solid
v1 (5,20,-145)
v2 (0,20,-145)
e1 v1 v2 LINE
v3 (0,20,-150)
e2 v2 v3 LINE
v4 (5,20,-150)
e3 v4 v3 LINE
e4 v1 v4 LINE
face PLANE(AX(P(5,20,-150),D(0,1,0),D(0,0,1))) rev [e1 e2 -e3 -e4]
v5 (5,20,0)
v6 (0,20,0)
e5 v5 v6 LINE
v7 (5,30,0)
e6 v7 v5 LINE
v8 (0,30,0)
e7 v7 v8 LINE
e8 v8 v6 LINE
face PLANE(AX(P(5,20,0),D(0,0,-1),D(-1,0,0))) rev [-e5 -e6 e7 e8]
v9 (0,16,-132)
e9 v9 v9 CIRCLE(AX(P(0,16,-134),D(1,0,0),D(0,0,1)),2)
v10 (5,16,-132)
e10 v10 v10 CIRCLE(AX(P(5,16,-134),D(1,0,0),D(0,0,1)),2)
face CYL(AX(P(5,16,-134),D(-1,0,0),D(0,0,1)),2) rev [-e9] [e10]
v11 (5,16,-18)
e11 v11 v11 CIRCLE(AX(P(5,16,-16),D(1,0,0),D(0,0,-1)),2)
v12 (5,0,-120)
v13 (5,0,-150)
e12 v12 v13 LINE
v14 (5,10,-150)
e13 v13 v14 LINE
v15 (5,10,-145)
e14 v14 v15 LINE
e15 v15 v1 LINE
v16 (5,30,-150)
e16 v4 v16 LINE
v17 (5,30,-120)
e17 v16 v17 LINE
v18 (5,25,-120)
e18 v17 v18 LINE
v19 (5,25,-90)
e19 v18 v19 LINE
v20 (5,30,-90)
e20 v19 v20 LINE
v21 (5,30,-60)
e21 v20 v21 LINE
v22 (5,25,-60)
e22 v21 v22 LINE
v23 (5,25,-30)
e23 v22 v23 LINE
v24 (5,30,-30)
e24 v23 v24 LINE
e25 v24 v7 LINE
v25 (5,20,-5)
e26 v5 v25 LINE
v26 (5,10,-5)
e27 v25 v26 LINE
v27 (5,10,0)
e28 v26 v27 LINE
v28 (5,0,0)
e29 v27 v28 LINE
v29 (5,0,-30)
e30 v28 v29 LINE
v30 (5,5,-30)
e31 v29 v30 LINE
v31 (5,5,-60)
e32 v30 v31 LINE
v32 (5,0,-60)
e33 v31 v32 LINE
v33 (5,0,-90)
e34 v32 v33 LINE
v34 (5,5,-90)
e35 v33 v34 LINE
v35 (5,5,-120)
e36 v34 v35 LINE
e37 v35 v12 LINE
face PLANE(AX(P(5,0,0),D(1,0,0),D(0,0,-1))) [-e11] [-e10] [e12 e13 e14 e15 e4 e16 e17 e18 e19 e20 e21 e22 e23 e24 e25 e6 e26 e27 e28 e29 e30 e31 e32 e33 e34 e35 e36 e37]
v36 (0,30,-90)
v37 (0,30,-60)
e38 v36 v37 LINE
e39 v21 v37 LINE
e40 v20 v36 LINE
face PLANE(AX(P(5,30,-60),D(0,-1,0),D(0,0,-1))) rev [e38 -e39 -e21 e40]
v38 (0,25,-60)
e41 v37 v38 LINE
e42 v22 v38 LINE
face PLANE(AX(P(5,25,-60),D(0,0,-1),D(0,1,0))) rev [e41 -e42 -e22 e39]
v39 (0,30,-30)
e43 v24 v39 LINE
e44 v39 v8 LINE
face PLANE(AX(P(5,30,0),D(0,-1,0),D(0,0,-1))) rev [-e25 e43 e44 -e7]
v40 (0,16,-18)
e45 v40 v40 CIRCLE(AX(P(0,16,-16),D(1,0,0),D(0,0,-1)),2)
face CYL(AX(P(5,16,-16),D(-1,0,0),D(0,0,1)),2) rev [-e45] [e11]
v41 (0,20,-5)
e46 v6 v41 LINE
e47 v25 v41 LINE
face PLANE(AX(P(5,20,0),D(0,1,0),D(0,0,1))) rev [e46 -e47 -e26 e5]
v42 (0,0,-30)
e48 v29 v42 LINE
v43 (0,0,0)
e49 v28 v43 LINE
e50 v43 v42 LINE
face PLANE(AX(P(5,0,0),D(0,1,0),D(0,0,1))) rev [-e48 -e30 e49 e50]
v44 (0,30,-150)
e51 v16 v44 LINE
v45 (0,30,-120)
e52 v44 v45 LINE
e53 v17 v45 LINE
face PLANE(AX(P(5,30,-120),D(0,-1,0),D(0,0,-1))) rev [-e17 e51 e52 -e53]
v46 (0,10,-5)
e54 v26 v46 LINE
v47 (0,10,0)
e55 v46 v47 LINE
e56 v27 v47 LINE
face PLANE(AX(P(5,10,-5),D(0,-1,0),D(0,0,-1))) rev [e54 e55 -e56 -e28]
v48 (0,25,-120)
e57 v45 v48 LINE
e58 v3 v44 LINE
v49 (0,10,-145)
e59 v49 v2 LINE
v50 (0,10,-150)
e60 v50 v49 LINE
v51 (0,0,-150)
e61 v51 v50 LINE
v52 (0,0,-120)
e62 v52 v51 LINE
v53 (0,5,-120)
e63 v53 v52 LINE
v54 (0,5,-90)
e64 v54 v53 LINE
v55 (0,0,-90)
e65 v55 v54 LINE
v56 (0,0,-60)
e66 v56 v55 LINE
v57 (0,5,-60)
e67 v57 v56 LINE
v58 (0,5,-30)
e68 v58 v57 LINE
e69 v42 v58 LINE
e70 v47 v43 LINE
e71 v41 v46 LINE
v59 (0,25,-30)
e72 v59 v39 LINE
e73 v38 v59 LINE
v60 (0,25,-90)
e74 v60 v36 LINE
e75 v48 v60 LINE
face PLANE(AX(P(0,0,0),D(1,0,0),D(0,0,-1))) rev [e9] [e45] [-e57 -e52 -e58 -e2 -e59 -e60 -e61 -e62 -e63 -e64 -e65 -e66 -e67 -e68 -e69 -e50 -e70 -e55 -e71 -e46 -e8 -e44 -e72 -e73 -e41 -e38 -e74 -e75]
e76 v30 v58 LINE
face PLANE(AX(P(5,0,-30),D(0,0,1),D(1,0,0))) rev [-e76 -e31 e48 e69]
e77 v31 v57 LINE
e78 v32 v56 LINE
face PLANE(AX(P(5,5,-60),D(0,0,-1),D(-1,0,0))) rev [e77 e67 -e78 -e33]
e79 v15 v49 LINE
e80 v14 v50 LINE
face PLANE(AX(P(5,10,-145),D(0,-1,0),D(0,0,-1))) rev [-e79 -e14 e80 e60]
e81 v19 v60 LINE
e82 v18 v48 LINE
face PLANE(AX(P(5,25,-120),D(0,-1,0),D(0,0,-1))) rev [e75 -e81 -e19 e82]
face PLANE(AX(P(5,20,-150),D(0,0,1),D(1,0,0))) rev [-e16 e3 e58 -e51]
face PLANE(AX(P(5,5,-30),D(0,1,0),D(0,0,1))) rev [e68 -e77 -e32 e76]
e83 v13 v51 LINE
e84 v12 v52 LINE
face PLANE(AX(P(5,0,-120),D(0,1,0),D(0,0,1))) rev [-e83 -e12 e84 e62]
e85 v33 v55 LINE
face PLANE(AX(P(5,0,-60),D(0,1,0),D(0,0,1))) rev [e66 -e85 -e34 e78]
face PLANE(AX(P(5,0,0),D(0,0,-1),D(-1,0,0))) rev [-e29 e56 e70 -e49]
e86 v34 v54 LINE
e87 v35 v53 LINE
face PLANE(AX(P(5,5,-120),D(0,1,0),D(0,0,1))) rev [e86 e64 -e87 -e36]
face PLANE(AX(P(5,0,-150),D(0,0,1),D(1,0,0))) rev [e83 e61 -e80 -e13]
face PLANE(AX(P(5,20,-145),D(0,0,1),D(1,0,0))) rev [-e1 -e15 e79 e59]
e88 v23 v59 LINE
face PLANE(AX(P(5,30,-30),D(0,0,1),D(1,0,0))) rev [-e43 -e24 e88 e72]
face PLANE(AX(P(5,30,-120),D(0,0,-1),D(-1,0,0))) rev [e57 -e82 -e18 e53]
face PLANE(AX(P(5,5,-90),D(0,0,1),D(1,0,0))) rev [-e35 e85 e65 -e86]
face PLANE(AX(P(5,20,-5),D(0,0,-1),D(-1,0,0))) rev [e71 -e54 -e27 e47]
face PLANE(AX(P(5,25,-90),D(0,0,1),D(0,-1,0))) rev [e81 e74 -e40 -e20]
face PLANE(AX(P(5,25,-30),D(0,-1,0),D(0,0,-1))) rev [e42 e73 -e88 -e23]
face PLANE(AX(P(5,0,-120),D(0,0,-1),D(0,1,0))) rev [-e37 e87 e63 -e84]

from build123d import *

# Parameters (mm, degrees)
CROQUIS1_R              = 2
SALIENTE_EXTRUIR1_DEPTH = 5


with BuildPart() as part:
    # Croquis1 → Saliente-Extruir1 (new body)
    with BuildSketch(Plane(origin=(0, 0, 0), x_dir=(0, 0, -1), z_dir=(1, 0, 0))):
        Polygon((0, 20), (5, 20), (5, 10), (0, 10), (0, 0), (30, 0), (30, 5), (60, 5), (60, 0), (90, 0), (90, 5), (120, 5), (120, 0), (150, 0), (150, 10), (145, 10), (145, 20), (150, 20), (150, 30), (120, 30), (120, 25), (90, 25), (90, 30), (60, 30), (60, 25), (30, 25), (30, 30), (0, 30), align=None)
        with Locations((16, 16)):
            Circle(CROQUIS1_R, mode=Mode.SUBTRACT)
        with Locations(Location((134, 16, 0), (0, 0, 180))):
            Circle(CROQUIS1_R, mode=Mode.SUBTRACT)
    extrude(amount=SALIENTE_EXTRUIR1_DEPTH)


solid = part.part
